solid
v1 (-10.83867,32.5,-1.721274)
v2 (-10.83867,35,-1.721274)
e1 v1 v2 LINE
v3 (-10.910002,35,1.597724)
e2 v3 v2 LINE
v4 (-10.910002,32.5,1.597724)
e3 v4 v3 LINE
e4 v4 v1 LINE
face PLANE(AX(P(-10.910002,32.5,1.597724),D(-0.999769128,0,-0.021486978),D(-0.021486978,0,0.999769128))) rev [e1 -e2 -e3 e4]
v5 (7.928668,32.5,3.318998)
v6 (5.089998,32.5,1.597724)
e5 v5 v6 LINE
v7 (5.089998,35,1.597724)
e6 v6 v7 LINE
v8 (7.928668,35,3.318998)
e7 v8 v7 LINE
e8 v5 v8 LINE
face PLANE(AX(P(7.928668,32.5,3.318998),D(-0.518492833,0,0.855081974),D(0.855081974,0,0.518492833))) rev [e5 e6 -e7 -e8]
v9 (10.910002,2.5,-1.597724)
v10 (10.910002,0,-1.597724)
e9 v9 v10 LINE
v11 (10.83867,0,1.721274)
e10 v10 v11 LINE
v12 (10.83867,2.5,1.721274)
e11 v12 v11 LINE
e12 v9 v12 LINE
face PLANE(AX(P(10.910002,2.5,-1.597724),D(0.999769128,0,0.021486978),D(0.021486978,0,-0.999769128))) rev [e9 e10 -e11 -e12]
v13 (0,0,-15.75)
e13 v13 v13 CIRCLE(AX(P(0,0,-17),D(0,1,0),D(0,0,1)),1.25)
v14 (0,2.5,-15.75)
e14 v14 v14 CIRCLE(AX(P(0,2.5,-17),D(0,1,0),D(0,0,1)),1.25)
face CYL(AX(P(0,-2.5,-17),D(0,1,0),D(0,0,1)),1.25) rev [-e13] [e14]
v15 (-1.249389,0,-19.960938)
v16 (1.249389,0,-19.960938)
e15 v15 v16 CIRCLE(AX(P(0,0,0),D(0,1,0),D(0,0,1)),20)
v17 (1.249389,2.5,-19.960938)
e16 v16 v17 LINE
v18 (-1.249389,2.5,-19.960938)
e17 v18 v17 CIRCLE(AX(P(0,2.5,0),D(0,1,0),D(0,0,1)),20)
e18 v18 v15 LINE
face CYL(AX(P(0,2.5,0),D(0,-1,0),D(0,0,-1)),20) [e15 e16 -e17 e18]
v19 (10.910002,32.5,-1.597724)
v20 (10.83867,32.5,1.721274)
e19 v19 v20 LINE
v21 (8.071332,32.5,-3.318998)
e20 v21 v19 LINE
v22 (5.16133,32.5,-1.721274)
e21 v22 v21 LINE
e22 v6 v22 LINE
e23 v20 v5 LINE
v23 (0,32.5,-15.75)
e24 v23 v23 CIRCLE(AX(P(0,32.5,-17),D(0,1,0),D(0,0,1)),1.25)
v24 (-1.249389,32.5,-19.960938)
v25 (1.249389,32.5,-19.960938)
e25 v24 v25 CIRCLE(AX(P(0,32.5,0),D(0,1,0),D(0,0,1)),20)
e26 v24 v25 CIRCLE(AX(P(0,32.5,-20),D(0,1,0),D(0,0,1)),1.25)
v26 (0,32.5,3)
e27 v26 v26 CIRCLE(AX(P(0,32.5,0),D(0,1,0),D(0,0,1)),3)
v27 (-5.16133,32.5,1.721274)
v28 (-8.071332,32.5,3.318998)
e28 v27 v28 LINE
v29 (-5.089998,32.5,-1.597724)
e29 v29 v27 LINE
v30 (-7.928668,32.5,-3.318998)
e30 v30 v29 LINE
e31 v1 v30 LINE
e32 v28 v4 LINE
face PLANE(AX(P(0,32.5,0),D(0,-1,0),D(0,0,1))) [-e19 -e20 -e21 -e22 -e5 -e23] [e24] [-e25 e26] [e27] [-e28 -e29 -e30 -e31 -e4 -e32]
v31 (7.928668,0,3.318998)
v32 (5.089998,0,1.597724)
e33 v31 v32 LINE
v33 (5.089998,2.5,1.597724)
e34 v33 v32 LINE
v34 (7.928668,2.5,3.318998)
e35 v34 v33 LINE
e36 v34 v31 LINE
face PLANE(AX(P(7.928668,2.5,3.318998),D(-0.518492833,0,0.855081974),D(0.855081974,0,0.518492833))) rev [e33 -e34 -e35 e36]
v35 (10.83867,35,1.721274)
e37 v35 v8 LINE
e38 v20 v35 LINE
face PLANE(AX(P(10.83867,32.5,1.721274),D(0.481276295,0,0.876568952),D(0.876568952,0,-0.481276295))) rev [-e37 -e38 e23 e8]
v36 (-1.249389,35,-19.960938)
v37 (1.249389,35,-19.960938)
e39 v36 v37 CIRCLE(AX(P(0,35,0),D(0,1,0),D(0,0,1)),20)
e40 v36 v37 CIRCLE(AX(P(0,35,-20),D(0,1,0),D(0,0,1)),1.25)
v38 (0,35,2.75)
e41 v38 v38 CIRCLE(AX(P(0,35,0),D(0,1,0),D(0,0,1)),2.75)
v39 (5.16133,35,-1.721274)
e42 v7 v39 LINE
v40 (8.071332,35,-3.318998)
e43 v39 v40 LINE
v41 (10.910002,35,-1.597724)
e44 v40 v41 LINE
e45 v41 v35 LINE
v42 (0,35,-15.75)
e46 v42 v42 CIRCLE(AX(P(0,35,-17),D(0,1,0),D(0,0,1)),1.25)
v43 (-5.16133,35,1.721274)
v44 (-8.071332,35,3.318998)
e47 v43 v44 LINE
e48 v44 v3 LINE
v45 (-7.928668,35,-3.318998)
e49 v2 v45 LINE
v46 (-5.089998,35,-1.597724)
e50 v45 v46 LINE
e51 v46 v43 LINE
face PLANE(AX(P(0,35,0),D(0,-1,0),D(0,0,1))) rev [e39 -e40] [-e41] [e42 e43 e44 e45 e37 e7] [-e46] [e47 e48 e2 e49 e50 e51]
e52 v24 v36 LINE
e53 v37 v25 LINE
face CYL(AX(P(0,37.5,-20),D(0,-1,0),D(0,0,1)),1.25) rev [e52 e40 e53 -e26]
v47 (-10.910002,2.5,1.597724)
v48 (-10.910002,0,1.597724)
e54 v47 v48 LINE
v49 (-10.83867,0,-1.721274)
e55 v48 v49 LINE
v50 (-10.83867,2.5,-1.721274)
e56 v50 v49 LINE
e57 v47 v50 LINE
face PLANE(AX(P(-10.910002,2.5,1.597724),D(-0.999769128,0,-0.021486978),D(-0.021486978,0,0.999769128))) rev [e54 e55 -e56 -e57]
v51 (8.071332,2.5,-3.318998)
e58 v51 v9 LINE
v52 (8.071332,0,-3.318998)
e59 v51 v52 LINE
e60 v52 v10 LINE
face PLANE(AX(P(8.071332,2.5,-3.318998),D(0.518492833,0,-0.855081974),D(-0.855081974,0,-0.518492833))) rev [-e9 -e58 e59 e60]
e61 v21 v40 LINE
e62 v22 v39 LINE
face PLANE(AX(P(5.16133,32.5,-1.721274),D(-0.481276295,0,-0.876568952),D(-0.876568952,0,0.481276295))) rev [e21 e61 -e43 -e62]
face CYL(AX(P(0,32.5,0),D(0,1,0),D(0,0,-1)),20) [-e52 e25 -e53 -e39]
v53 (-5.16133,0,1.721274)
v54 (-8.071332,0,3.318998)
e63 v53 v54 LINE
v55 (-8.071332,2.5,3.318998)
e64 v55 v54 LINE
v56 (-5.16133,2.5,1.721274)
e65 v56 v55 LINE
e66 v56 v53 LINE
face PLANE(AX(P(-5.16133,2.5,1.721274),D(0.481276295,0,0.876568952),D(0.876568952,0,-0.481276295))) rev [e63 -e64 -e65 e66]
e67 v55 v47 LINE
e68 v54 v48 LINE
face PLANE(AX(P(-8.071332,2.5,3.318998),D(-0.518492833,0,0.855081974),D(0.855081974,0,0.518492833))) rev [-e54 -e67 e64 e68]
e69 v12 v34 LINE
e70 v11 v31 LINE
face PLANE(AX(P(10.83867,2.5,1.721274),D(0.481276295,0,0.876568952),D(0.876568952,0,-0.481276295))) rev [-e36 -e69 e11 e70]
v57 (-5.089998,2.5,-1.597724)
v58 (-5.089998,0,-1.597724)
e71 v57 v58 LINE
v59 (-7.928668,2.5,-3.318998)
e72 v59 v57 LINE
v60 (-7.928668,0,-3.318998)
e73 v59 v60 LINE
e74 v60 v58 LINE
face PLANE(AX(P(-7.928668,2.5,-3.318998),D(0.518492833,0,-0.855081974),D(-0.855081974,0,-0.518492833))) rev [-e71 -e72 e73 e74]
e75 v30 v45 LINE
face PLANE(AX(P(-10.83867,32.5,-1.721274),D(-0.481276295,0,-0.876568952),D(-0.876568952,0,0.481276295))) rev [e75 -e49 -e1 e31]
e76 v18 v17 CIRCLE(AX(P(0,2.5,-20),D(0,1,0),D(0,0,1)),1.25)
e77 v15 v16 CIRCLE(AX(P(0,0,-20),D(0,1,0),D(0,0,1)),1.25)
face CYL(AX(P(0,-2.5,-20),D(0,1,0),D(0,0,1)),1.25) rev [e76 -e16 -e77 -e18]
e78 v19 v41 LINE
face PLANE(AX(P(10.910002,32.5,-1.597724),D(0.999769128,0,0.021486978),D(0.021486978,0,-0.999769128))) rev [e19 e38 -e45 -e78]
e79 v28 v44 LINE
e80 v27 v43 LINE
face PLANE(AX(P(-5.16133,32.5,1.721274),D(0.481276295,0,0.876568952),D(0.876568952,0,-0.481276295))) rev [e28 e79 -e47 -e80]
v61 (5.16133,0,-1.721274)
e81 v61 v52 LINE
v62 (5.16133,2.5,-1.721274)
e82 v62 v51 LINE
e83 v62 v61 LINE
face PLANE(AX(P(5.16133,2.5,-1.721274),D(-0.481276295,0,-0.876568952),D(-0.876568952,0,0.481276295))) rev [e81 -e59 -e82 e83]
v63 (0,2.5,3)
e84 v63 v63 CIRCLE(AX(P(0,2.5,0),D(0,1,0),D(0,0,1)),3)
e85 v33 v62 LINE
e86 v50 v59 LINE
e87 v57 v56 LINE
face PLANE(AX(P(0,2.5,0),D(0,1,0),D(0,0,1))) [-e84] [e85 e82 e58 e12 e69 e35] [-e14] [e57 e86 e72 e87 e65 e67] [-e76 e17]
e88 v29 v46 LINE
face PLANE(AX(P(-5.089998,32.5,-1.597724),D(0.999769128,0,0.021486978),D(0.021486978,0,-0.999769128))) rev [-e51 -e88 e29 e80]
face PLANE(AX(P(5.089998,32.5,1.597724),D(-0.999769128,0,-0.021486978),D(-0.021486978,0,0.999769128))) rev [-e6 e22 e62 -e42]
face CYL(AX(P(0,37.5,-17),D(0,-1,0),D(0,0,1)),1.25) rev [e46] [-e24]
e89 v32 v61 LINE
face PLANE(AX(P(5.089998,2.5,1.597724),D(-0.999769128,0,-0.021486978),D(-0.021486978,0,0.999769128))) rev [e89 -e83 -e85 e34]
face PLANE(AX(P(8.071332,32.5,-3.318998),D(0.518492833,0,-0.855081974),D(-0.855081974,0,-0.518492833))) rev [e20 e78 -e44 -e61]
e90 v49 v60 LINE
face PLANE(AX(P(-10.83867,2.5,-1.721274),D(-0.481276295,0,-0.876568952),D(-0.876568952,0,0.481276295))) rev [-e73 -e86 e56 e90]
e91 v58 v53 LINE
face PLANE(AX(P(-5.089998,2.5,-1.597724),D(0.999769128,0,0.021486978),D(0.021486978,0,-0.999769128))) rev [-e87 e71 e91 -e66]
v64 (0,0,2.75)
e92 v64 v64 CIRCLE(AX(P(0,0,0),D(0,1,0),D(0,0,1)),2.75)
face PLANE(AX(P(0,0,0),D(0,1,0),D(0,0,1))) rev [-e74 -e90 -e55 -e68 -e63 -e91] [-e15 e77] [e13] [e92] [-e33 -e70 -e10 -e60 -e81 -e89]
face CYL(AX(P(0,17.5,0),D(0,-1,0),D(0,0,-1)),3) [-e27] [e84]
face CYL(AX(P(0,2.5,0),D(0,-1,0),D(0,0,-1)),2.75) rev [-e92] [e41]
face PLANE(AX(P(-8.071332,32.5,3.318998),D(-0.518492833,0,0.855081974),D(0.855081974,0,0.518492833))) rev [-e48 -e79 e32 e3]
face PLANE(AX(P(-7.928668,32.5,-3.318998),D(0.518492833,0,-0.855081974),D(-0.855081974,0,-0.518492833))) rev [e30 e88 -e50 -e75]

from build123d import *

# Parameters (mm, degrees)
SKETCH1_R           = 20
SKETCH1_R_2         = 2.75
BOSS_EXTRUDE1_DEPTH = 2.5
CUT_EXTRUDE3_DEPTH  = 2.5
SKETCH4_R           = 1.25
CUT_EXTRUDE4_DEPTH  = 5
SKETCH2_R           = 3
SKETCH2_R_2         = 2.75
BOSS_EXTRUDE2_DEPTH = 15


with BuildPart() as part:
    # Sketch1 → Boss-Extrude1 (new body)
    with BuildSketch(Plane(origin=(0, 0, 0), x_dir=(1, 0, 0), z_dir=(0, 1, 0))):
        Circle(SKETCH1_R)
        Circle(SKETCH1_R_2, mode=Mode.SUBTRACT)
    extrude(amount=BOSS_EXTRUDE1_DEPTH)

    # Sketch3 → Cut-Extrude3 (cut)
    with BuildSketch(Plane.XZ):
        Polygon((-5.161329605, 1.721273866), (-8.071331697, 3.318997608), (-10.910002092, 1.597723742), (-10.838670395, -1.721273866), (-7.928668303, -3.318997608), (-5.089997908, -1.597723742), align=None)
        Polygon((5.161329605, -1.721273866), (8.071331697, -3.318997608), (10.910002092, -1.597723742), (10.838670395, 1.721273866), (7.928668303, 3.318997608), (5.089997908, 1.597723742), align=None)
    extrude(amount=-CUT_EXTRUDE3_DEPTH, mode=Mode.SUBTRACT)

    # Sketch4 → Cut-Extrude4 (cut)
    with BuildSketch(Plane(origin=(0, 2.5, 0), x_dir=(1, 0, 0), z_dir=(0, 1, 0))):
        with Locations((0, 17)):
            Circle(SKETCH4_R)
        with Locations((0, 20)):
            Circle(SKETCH4_R)
    extrude(amount=-CUT_EXTRUDE4_DEPTH, mode=Mode.SUBTRACT)

    # Sketch2 → Boss-Extrude2 (add)
    with BuildSketch(Plane(origin=(0, 2.5, 0), x_dir=(1, 0, 0), z_dir=(0, 1, 0))):
        Circle(SKETCH2_R)
        Circle(SKETCH2_R_2, mode=Mode.SUBTRACT)
    extrude(amount=BOSS_EXTRUDE2_DEPTH)

    # Mirror7: part across plane


with BuildPart() as part_1:
    add(part.part)
    add(part.part.mirror(Plane.ZX.offset(17.5)))


solid = part_1.part
